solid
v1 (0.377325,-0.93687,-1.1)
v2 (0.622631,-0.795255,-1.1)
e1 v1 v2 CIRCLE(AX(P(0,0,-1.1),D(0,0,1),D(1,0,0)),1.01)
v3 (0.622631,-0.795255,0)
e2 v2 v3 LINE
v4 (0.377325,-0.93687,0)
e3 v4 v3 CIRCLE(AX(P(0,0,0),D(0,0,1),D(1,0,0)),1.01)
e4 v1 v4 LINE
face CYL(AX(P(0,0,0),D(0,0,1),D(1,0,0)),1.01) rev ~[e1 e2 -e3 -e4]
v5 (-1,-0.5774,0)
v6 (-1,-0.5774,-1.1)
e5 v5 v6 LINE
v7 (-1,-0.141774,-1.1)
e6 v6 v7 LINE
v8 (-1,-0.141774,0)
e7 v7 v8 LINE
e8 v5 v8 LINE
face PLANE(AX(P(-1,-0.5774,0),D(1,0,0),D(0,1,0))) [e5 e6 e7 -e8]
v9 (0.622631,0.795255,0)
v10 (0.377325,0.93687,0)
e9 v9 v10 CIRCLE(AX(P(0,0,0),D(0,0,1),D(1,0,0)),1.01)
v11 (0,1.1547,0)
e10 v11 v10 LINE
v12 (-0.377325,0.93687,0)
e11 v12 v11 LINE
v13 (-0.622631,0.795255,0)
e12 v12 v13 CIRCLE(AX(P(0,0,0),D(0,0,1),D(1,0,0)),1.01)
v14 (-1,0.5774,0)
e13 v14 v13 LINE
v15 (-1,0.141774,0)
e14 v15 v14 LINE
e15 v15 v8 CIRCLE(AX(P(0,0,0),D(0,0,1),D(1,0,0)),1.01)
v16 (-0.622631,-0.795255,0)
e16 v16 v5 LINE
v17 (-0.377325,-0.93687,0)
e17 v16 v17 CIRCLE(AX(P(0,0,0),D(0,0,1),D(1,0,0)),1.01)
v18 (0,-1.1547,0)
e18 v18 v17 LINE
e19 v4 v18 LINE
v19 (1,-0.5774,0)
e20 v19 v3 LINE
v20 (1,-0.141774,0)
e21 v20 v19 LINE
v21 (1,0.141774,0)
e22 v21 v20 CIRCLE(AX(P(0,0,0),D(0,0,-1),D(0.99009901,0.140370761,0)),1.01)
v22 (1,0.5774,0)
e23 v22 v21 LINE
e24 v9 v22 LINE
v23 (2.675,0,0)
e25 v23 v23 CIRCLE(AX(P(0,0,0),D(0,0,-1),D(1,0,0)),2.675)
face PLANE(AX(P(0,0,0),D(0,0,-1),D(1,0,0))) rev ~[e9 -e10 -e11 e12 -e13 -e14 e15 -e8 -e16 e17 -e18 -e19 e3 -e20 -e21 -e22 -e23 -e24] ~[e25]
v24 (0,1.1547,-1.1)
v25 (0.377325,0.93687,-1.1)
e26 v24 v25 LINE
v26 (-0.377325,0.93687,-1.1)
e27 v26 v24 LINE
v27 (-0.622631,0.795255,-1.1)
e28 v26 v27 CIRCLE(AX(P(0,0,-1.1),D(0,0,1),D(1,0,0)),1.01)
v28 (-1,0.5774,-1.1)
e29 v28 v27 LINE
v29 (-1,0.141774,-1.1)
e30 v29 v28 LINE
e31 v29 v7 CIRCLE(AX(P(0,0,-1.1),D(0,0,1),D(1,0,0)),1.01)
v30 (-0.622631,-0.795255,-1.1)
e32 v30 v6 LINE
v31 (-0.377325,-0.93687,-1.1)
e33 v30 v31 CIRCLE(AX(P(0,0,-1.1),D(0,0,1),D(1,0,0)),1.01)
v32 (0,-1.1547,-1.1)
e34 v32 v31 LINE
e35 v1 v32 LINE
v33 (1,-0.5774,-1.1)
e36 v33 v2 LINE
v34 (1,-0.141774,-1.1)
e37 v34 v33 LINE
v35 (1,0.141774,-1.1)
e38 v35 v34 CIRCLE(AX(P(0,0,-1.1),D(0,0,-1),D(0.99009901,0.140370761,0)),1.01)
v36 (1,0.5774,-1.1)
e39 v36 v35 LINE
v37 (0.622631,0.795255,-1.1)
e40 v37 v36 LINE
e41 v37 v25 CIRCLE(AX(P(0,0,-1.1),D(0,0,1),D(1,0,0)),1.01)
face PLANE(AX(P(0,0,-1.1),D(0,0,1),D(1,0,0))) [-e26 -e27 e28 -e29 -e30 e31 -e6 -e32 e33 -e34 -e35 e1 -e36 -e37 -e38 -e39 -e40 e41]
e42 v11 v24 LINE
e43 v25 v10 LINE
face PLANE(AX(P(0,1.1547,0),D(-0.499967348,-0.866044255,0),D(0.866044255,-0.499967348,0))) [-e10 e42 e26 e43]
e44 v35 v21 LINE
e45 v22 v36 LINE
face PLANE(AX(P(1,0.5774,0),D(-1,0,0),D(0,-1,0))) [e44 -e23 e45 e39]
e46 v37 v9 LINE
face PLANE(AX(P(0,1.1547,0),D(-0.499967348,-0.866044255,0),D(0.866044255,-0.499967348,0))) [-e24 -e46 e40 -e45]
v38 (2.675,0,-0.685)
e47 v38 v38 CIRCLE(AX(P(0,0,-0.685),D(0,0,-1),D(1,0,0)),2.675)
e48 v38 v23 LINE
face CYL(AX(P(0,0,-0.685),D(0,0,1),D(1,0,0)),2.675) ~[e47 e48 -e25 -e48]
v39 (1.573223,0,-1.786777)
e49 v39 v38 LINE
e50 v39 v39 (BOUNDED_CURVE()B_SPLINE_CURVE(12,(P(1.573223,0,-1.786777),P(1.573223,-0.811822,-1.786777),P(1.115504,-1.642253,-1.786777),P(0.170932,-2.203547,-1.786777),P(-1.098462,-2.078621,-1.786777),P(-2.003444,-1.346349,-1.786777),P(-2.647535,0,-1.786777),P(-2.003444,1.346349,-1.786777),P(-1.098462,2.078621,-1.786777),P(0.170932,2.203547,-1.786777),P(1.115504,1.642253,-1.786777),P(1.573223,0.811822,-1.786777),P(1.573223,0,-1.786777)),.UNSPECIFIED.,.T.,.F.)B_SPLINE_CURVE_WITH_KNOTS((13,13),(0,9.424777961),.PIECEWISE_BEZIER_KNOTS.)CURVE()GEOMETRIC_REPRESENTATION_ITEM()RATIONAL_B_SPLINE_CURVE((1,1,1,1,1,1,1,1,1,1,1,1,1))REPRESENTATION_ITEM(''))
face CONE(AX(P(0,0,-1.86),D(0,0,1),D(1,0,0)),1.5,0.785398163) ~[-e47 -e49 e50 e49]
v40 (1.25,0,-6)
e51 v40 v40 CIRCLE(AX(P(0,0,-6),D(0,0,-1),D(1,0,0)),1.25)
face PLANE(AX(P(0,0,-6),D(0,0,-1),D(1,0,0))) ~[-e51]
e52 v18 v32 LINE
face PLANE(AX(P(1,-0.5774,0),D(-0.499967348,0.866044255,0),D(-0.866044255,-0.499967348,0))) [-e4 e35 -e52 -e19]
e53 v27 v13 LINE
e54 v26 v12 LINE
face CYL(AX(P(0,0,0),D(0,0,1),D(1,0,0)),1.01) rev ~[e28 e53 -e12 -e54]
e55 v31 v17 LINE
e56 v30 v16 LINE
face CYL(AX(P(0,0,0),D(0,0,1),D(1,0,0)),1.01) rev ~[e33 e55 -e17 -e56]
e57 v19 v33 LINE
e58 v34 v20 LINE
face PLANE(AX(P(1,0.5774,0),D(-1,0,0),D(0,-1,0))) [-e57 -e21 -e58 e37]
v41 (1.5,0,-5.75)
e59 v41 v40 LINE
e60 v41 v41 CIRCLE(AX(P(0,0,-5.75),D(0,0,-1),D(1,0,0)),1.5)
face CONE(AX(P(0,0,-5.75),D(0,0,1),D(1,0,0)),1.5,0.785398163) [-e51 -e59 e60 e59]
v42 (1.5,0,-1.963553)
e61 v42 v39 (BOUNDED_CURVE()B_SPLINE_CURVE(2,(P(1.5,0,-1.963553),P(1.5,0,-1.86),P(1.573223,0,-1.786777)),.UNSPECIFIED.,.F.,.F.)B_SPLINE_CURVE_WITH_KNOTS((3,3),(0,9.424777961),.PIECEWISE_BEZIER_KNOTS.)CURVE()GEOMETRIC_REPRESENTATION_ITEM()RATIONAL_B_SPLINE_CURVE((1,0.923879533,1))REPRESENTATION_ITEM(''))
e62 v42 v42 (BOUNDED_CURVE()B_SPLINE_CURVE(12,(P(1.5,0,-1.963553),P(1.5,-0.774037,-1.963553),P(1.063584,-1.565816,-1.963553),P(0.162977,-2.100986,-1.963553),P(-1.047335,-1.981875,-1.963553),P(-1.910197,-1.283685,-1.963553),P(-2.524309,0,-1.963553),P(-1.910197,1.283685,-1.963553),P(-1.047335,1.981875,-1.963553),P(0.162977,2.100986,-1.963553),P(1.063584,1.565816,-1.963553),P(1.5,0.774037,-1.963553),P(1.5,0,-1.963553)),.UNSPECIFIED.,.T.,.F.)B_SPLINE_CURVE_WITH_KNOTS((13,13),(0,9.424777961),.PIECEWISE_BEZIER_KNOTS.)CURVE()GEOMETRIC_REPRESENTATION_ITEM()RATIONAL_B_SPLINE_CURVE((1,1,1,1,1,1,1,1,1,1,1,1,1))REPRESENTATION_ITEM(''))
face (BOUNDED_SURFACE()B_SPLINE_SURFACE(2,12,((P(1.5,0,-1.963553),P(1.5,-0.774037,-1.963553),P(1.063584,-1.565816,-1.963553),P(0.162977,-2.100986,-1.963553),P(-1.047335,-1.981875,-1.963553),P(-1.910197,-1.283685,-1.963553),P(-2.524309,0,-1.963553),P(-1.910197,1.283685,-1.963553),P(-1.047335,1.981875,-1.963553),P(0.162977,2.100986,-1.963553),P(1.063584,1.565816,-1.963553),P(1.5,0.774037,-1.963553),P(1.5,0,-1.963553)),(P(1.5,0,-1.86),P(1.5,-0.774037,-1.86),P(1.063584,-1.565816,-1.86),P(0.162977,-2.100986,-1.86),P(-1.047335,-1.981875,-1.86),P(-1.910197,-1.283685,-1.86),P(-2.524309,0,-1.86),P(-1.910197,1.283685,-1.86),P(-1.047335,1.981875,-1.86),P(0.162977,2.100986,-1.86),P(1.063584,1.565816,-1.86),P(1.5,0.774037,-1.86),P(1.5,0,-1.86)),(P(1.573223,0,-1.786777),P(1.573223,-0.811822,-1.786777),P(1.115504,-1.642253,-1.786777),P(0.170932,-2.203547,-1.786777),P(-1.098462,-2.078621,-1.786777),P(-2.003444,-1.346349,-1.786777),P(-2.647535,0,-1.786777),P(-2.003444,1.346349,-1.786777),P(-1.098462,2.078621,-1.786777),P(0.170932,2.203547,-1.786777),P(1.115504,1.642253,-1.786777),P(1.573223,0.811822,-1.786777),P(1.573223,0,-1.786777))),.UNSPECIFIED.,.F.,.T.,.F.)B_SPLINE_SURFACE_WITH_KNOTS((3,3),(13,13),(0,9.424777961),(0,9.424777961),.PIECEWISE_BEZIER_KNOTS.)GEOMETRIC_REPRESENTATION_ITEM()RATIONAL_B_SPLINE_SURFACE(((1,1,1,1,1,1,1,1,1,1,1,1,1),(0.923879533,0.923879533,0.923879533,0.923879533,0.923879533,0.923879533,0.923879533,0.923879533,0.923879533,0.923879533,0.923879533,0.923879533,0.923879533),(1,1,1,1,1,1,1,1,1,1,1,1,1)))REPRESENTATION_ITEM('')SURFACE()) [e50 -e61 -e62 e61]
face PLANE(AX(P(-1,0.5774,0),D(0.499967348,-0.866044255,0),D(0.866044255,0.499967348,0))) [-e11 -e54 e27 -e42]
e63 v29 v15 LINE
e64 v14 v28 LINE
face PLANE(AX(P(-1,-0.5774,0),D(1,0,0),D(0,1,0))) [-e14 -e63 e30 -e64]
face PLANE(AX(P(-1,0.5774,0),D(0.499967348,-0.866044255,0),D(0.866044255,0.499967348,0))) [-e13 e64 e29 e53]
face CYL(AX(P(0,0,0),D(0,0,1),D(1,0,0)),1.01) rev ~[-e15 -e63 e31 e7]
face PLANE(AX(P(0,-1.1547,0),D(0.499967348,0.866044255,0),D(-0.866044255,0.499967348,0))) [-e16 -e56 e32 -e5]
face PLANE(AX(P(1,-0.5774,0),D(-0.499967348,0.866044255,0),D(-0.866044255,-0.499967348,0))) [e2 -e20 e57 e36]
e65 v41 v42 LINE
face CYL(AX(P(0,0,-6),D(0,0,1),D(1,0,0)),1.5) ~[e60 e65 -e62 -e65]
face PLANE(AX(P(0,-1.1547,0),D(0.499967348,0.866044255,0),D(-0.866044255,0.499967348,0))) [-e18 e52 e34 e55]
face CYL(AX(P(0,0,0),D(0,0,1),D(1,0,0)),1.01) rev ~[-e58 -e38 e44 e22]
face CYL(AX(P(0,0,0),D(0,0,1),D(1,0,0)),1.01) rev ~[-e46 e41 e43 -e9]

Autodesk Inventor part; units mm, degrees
ref_plane "YZ Plane" through (0, 0, 0) normal (1, 0, 0) x (0, 1, 0)
sketch "Esquisse2" plane through (0, 0, 0) normal (0, 1, 0) x (-1, 0, 0)
  line L0 (0, -6) -> (-1.5, -6)
  line L1 (0, 0) -> (0, -6)
  line L2 (-2.675, 0) -> (0, 0)
  line L3 (-2.675, -0.685) -> (-2.675, 0)
  line L4 (-1.5, -1.86) -> (-2.675, -0.685)
  line L5 (-1.5, -6) -> (-1.5, -1.86)
  line L6 (0, 0) -> (0, -6)
  dimension "d2" = 45
  dimension "d4" = 1.5
  dimension "d6" = 2.675
  dimension "d8" = 1.86
  dimension "d10" = 6
revolve "Révolution1" add sketch "Esquisse2" angle 360 about axis through (0, 0, 0) along (0, 0, -1)
fillet "Congé1" radius 0.25 1 edges at (-1.5, 0, -1.86)
chamfer "Chanfrein1" distance 0.25 angle 45 1 edges at (-1.5, 0, -6)
sketch "Esquisse4" plane through (0, 0, 0) normal (0, 0, 1) x (1, 0, 0)
  circle A0 centre (0, 0) radius 2.675 projected
  circle A1 centre (0, 0) radius 1 construction
  line L0 (-1, -0.5774) -> (-1, 0.5774)
  line L1 (-1, 0.5774) -> (0, 1.1547)
  line L2 (0, 1.1547) -> (1, 0.5774)
  line L3 (1, 0.5774) -> (1, -0.5774)
  line L4 (1, -0.5774) -> (0, -1.1547)
  line L5 (0, -1.1547) -> (-1, -0.5774)
  dimension "d27" = 2
extrude "Extrusion1" cut sketch "Esquisse4" against normal blind 1.1 contours L0 L1 L2 L3 L4 L5
sketch "Esquisse5" plane through (0, 0, 0) normal (0, 0, 1) x (1, 0, 0)
  circle A0 centre (0, 0) radius 2.675 projected
  circle A1 centre (0, 0) radius 1.01
  dimension "d38" = 2.02
extrude "Extrusion2" cut sketch "Esquisse5" against normal blind 1.1 contours A1
thread "Filetage1" size "M3x0.5" class "4g6g" standard "ANSI Metric M Profile" length 3.14
ref_plane "MSC_PF1" through (0, 0, 0) normal (1, 0, 0) x (0, 1, 0)
ref_plane "MSC_PT1" through (2.675, 0, -0.685) normal (0, 0, -1) x (-1, 0, 0)
equation "\"d4\" = 0.5 * NND"
equation "\"d6\" = 0.5 * ParA"
equation "\"d8\" = ParH"
equation "\"d10\" = NLG"
equation "\"d27\" = ParJ"
equation "\"d39\" = Tt"
equation "\"d24\" = Rr"
equation "\"d25\" = 0.5 * PTC"
equation "\"d26\" = 0.5 * PTC"
equation "\"d28\" = Tt"
equation "\"d31\" = Lt"
equation "\"d38\" = 1.01 * ParJ"
equation "\"NND\" = 3"
equation "\"NLG\" = 6"
equation "\"PTC\" = 0.5"
equation "\"ParA\" = 5.35"
equation "\"ParH\" = 1.86"
equation "\"ParJ\" = 2"
equation "\"Tt\" = 1.1"
equation "\"Rr\" = 0.25"
equation "\"msp_e\" = 0.288675 * ParJ"
equation "\"Lt\" = 3.14"
equation "\"THREADDIA\" = NND"
properties part number "ASME/ANSI B18.3.5M - M3x6(2)" material "Acier, doux"
